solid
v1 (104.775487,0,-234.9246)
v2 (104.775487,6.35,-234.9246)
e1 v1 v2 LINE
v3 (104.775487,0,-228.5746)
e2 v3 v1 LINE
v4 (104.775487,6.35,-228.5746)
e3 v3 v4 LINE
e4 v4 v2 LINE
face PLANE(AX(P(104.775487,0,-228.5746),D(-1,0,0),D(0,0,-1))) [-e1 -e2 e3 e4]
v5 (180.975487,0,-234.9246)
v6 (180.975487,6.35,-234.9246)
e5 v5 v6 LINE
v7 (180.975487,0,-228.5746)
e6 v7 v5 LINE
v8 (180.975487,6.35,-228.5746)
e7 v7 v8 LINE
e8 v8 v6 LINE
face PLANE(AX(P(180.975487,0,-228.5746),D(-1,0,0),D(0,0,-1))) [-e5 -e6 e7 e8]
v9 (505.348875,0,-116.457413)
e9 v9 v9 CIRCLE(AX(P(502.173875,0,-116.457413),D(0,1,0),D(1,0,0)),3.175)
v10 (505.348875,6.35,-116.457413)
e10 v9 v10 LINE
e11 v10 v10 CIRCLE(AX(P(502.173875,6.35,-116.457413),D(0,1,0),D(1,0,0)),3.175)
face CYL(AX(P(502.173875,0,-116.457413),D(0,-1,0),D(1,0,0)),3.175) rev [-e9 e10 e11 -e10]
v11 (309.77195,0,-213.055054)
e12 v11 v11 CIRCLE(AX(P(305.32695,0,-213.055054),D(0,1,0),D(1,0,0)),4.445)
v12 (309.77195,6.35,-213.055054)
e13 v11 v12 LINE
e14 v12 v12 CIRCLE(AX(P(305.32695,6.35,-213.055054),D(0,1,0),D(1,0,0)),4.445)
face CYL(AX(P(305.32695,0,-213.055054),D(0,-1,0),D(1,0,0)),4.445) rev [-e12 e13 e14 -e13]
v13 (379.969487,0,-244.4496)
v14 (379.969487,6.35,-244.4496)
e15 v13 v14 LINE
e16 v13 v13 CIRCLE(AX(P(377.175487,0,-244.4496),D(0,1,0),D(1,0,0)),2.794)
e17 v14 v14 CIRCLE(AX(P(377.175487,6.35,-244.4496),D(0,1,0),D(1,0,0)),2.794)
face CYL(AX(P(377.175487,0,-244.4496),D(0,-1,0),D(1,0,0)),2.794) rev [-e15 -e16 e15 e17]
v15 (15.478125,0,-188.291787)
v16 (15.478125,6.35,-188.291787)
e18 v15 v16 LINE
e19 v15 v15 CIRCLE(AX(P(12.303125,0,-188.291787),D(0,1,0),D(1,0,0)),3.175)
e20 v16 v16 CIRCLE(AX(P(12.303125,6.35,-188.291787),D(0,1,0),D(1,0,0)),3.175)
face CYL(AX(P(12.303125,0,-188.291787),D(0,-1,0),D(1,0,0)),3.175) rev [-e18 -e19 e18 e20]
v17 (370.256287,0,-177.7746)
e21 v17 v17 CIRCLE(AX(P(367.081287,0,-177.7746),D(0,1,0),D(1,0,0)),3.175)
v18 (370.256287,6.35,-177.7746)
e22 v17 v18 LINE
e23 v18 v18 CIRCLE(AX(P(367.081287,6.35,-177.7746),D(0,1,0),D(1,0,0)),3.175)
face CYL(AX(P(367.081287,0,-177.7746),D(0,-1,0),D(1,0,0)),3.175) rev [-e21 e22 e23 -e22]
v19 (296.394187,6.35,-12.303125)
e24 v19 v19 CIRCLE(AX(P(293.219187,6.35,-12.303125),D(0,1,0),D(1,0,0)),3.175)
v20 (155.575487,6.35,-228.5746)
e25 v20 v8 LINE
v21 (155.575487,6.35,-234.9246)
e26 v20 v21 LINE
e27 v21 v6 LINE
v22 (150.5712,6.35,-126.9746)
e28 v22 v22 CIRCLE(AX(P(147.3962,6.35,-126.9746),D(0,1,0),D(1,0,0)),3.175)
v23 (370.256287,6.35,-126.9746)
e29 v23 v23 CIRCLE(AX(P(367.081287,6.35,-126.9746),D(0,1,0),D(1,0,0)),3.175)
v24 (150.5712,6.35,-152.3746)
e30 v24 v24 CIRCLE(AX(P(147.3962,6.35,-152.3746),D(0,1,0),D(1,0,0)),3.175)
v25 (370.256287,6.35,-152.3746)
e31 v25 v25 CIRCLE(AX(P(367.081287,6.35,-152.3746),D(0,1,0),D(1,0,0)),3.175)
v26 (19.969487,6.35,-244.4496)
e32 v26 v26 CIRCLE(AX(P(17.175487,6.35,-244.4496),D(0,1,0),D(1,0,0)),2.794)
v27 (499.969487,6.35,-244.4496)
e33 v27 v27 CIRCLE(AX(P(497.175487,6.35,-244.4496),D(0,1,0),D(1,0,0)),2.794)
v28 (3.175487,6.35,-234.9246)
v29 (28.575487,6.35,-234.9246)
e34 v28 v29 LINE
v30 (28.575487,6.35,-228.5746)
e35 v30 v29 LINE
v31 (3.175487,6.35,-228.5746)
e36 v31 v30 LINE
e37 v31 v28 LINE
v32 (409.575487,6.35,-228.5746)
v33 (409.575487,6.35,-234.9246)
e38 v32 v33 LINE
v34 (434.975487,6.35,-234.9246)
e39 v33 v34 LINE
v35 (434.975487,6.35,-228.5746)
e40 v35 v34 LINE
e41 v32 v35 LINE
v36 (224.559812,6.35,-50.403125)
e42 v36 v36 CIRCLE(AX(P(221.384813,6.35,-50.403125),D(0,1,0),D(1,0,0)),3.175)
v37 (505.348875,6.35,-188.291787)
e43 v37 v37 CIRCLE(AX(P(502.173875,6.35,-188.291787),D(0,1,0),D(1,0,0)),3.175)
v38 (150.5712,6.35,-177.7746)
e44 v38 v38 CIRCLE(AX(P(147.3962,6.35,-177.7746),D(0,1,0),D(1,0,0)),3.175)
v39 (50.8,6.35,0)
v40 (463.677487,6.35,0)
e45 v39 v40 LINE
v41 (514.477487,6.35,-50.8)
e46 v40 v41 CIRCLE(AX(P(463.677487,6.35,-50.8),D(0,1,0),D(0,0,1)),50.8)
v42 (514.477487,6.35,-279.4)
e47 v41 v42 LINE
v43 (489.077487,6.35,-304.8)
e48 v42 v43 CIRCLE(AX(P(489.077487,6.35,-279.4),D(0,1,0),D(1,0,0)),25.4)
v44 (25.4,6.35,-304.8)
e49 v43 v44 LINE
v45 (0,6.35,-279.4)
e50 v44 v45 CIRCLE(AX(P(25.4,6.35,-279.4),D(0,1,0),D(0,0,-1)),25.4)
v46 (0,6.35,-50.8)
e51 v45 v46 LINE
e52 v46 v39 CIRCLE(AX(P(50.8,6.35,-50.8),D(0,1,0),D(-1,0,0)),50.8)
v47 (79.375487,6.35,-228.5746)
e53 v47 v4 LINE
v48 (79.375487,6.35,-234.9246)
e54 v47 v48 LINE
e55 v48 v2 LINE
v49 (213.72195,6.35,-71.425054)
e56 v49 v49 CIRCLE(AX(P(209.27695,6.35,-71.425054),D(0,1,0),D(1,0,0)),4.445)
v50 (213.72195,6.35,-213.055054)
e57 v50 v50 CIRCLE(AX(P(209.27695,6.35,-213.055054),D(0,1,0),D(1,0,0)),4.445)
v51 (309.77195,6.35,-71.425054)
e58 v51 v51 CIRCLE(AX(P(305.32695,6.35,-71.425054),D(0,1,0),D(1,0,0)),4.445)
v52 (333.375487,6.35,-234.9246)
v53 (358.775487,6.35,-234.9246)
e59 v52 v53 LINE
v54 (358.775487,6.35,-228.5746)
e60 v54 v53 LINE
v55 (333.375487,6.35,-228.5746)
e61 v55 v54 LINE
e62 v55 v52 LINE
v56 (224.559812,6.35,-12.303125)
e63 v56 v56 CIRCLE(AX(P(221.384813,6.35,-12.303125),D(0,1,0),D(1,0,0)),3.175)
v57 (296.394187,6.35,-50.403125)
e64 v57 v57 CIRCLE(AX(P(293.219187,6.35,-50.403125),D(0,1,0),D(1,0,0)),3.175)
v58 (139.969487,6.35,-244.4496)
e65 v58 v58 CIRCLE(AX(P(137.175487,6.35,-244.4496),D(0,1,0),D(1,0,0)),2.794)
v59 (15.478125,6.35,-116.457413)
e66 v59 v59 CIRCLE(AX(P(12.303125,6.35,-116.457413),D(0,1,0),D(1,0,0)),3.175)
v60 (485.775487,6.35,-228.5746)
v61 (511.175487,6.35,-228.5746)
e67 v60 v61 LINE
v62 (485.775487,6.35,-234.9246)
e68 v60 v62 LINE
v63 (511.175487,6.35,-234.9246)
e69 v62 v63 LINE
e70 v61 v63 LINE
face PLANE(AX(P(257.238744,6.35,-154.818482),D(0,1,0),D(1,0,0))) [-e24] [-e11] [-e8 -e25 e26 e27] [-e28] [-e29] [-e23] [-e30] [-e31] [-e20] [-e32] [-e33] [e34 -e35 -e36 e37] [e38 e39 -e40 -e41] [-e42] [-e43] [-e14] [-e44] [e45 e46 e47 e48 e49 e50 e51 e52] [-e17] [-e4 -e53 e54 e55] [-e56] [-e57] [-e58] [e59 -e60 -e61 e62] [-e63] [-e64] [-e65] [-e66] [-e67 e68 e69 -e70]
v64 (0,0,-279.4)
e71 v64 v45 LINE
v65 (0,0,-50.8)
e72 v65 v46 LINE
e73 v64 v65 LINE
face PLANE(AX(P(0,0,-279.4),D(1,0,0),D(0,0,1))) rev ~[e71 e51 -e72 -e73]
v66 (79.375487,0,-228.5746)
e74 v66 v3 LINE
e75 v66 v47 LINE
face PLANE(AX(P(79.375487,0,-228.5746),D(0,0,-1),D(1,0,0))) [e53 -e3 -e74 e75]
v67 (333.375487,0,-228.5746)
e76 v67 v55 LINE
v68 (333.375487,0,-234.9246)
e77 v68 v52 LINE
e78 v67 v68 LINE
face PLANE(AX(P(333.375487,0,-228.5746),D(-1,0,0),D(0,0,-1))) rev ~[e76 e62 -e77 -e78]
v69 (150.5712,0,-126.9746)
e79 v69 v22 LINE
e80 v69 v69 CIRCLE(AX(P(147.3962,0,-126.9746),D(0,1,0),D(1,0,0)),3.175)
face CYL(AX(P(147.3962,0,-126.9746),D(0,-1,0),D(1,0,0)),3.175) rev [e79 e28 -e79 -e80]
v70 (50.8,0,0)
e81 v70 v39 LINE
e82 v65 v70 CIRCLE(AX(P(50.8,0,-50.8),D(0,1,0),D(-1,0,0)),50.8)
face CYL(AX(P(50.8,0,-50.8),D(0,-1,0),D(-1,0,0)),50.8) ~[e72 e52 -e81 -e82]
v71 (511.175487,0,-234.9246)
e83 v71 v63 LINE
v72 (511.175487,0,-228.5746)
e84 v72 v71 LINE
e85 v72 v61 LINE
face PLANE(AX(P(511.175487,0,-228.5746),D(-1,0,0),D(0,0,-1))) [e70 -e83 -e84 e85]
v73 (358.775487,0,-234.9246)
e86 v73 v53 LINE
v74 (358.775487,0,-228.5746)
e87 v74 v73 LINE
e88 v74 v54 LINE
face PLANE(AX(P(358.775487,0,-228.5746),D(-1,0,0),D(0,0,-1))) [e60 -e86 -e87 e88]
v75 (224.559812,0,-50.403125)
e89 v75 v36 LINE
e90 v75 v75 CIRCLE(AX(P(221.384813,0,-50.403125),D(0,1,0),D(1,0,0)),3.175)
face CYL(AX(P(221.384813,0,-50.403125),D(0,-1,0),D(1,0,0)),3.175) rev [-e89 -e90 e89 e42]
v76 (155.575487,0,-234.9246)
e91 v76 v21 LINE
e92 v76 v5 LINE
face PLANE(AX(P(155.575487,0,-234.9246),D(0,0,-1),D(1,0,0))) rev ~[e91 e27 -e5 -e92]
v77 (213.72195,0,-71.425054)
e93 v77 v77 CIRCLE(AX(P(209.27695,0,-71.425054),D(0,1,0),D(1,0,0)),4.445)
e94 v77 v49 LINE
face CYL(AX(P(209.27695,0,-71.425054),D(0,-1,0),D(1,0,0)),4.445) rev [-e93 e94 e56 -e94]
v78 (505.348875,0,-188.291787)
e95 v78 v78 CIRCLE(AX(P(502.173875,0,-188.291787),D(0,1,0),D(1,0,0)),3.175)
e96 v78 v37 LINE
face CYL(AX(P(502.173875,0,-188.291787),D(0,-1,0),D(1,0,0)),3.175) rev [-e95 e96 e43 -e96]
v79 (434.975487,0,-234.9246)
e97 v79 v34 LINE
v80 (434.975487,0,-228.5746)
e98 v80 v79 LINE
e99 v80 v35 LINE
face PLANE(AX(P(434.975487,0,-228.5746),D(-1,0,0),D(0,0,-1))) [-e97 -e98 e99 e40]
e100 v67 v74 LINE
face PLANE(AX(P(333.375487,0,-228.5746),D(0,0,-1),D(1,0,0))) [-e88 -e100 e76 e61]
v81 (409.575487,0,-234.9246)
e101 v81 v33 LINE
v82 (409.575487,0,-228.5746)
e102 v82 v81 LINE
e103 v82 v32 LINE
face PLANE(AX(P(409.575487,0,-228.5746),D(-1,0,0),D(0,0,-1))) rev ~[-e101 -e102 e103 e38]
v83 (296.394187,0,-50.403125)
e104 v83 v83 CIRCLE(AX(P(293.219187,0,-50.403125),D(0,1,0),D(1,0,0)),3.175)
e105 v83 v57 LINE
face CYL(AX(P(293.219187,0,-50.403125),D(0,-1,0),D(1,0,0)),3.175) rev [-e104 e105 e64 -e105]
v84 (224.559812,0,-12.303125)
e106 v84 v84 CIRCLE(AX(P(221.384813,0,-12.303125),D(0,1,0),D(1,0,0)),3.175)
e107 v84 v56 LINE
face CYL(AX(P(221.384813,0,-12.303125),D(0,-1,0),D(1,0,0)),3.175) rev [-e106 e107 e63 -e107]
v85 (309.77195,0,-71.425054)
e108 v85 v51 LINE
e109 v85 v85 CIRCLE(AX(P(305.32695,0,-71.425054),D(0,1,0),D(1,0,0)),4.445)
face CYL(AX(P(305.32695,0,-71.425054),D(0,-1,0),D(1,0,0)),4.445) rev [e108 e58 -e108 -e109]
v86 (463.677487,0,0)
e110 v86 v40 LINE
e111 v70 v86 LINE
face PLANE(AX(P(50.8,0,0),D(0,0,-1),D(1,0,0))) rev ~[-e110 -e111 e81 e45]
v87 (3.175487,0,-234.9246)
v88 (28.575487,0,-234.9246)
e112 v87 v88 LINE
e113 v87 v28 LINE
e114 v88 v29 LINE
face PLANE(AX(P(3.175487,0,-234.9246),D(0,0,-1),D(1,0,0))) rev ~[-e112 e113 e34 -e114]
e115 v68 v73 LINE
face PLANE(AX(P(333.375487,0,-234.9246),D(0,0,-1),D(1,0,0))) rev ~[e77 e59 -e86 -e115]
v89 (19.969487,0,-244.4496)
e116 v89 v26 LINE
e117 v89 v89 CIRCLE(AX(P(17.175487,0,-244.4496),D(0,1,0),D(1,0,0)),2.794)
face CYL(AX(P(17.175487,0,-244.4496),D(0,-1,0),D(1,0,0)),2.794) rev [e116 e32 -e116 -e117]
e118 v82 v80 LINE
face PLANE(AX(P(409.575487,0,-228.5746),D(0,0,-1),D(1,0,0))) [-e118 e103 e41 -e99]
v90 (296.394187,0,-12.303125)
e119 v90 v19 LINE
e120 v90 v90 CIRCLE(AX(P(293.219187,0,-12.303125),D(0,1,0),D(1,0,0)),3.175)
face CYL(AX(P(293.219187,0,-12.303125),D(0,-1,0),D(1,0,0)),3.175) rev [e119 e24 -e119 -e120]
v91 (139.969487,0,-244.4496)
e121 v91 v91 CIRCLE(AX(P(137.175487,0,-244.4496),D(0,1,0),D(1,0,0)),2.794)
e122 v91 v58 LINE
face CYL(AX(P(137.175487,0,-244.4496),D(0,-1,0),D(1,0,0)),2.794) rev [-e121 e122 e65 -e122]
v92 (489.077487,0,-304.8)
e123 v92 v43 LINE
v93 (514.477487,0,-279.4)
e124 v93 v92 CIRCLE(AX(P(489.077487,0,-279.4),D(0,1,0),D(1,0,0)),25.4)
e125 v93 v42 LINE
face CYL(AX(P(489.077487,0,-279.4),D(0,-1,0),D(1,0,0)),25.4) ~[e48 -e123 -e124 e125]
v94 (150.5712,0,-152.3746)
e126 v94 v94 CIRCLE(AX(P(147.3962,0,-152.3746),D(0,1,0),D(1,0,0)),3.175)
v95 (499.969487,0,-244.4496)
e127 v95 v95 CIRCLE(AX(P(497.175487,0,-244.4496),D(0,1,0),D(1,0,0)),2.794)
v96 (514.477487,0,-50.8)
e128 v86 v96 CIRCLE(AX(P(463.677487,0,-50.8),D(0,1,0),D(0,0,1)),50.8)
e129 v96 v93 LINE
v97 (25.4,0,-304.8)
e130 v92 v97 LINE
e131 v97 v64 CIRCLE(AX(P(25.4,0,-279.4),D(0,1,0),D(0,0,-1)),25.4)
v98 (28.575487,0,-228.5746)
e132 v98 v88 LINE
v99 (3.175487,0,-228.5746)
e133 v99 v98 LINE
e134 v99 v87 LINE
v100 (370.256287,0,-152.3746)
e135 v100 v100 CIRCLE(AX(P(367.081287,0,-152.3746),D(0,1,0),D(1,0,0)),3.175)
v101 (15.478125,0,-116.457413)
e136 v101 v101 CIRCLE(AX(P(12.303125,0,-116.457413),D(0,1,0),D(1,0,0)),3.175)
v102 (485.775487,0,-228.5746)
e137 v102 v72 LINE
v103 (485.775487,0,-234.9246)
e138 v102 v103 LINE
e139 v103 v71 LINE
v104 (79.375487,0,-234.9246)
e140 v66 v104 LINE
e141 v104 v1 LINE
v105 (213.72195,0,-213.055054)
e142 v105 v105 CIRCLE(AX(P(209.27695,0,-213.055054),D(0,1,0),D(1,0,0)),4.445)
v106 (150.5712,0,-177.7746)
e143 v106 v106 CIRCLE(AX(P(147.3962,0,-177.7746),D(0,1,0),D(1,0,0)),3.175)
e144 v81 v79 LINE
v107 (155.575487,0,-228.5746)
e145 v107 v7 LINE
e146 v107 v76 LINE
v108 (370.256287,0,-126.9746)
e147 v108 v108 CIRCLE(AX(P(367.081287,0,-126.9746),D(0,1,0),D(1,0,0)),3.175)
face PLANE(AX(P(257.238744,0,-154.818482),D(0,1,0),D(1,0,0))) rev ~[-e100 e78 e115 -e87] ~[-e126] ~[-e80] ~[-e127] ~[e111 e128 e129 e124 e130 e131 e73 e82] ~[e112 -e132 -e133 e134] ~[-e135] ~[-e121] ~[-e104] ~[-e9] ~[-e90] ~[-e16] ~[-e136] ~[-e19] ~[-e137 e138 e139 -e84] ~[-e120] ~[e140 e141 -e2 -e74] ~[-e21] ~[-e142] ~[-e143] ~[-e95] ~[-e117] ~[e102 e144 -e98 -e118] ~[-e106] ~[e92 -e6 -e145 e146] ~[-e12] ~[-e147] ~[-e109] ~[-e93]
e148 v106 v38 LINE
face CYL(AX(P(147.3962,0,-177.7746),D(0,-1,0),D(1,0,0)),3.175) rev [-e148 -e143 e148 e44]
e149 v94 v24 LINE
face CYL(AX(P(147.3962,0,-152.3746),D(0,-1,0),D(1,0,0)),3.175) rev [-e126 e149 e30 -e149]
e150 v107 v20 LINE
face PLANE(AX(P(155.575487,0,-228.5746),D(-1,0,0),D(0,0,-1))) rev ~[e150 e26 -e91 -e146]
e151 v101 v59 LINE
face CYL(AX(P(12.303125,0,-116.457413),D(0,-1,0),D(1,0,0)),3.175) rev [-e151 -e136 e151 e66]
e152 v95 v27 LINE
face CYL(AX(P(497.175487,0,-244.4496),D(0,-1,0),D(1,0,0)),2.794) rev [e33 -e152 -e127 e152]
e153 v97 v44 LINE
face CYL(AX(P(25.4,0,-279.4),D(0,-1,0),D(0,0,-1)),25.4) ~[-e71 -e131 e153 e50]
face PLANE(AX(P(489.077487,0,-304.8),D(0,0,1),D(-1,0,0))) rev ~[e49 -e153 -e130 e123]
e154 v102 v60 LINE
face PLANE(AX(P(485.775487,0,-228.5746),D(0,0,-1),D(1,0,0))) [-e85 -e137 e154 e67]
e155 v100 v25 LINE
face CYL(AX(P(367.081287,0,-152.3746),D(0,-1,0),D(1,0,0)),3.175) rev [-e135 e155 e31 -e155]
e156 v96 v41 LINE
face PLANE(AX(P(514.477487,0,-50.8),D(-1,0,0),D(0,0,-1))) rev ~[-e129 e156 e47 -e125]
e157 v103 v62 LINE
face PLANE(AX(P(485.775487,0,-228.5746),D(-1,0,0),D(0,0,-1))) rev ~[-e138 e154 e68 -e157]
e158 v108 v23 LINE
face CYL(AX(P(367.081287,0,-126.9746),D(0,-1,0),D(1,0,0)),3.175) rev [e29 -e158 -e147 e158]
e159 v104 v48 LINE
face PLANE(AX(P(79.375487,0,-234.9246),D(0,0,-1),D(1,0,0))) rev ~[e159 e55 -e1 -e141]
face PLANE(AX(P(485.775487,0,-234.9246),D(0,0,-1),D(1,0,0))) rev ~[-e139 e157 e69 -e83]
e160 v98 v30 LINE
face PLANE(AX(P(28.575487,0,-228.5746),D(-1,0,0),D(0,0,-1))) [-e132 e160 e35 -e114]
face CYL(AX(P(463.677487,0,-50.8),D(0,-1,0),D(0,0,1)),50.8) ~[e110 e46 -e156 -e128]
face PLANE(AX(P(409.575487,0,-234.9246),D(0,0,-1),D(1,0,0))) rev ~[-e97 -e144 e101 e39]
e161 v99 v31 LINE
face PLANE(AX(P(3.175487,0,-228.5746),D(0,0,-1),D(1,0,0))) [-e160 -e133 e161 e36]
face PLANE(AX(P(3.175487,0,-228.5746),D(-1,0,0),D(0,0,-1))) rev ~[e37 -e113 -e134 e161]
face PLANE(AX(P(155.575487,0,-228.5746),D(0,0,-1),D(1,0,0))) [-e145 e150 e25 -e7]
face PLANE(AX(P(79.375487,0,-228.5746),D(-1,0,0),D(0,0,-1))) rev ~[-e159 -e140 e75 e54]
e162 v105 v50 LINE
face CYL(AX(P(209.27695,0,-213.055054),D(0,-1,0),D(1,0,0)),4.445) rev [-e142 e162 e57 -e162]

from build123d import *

# Parameters (mm, degrees)
SKETCH1_R           = 4.445
SKETCH1_R_2         = 3.175
SKETCH1_R_3         = 2.794
SKETCH1_W           = 25.4
SKETCH1_H           = 6.35
BOSS_EXTRUDE1_DEPTH = 6.35


with BuildPart() as part:
    # Sketch1 → Boss-Extrude1 (new body)
    with BuildSketch(Plane(origin=(0, 0, 0), x_dir=(1, 0, 0), z_dir=(0, 1, 0))):
        with BuildLine():
            Line((50.8, 0), (463.677487426, 0))
            ThreePointArc((463.677487426, 0), (499.59851191, 14.878975516), (514.477487426, 50.8))
            Line((514.477487426, 50.8), (514.477487426, 279.4))
            ThreePointArc((514.477487426, 279.4), (507.037999668, 297.360512242), (489.077487426, 304.8))
            Line((489.077487426, 304.8), (25.4, 304.8))
            ThreePointArc((25.4, 304.8), (7.439487758, 297.360512242), (0, 279.4))
            Line((0, 279.4), (0, 50.8))
            ThreePointArc((0, 50.8), (14.878975516, 14.878975516), (50.8, 0))
        make_face()
        with Locations((305.32695, 213.055054)):
            Circle(SKETCH1_R, mode=Mode.SUBTRACT)
        with Locations((305.32695, 71.425054)):
            Circle(SKETCH1_R, mode=Mode.SUBTRACT)
        with Locations((502.173875, 116.4574125)):
            Circle(SKETCH1_R_2, mode=Mode.SUBTRACT)
        with Locations((502.173875, 188.2917875)):
            Circle(SKETCH1_R_2, mode=Mode.SUBTRACT)
        with Locations((12.303125, 116.4574125)):
            Circle(SKETCH1_R_2, mode=Mode.SUBTRACT)
        with Locations((12.303125, 188.2917875)):
            Circle(SKETCH1_R_2, mode=Mode.SUBTRACT)
        with Locations((209.27695, 71.425054)):
            Circle(SKETCH1_R, mode=Mode.SUBTRACT)
        with Locations((209.27695, 213.055054)):
            Circle(SKETCH1_R, mode=Mode.SUBTRACT)
        with Locations((221.3848125, 50.403125)):
            Circle(SKETCH1_R_2, mode=Mode.SUBTRACT)
        with Locations((221.3848125, 12.303125)):
            Circle(SKETCH1_R_2, mode=Mode.SUBTRACT)
        with Locations((293.2191875, 50.403125)):
            Circle(SKETCH1_R_2, mode=Mode.SUBTRACT)
        with Locations((293.2191875, 12.303125)):
            Circle(SKETCH1_R_2, mode=Mode.SUBTRACT)
        with Locations((147.3962, 177.7746)):
            Circle(SKETCH1_R_2, mode=Mode.SUBTRACT)
        with Locations((147.3962, 126.9746)):
            Circle(SKETCH1_R_2, mode=Mode.SUBTRACT)
        with Locations((147.3962, 152.3746)):
            Circle(SKETCH1_R_2, mode=Mode.SUBTRACT)
        with Locations((367.081287426, 152.3746)):
            Circle(SKETCH1_R_2, mode=Mode.SUBTRACT)
        with Locations((367.081287426, 126.9746)):
            Circle(SKETCH1_R_2, mode=Mode.SUBTRACT)
        with Locations((367.081287426, 177.7746)):
            Circle(SKETCH1_R_2, mode=Mode.SUBTRACT)
        with Locations((497.175487426, 244.4496)):
            Circle(SKETCH1_R_3, mode=Mode.SUBTRACT)
        with Locations((377.175487426, 244.4496)):
            Circle(SKETCH1_R_3, mode=Mode.SUBTRACT)
        with Locations((137.175487426, 244.4496)):
            Circle(SKETCH1_R_3, mode=Mode.SUBTRACT)
        with Locations((17.175487426, 244.4496)):
            Circle(SKETCH1_R_3, mode=Mode.SUBTRACT)
        with Locations((498.475487426, 231.7496)):
            Rectangle(SKETCH1_W, SKETCH1_H, mode=Mode.SUBTRACT)
        with Locations((422.275487426, 231.7496)):
            Rectangle(SKETCH1_W, SKETCH1_H, mode=Mode.SUBTRACT)
        with Locations((346.075487426, 231.7496)):
            Rectangle(SKETCH1_W, SKETCH1_H, mode=Mode.SUBTRACT)
        with Locations((168.275487426, 231.7496)):
            Rectangle(SKETCH1_W, SKETCH1_H, mode=Mode.SUBTRACT)
        with Locations((92.075487426, 231.7496)):
            Rectangle(SKETCH1_W, SKETCH1_H, mode=Mode.SUBTRACT)
        with Locations((15.875487426, 231.7496)):
            Rectangle(SKETCH1_W, SKETCH1_H, mode=Mode.SUBTRACT)
    extrude(amount=BOSS_EXTRUDE1_DEPTH)


solid = part.part
